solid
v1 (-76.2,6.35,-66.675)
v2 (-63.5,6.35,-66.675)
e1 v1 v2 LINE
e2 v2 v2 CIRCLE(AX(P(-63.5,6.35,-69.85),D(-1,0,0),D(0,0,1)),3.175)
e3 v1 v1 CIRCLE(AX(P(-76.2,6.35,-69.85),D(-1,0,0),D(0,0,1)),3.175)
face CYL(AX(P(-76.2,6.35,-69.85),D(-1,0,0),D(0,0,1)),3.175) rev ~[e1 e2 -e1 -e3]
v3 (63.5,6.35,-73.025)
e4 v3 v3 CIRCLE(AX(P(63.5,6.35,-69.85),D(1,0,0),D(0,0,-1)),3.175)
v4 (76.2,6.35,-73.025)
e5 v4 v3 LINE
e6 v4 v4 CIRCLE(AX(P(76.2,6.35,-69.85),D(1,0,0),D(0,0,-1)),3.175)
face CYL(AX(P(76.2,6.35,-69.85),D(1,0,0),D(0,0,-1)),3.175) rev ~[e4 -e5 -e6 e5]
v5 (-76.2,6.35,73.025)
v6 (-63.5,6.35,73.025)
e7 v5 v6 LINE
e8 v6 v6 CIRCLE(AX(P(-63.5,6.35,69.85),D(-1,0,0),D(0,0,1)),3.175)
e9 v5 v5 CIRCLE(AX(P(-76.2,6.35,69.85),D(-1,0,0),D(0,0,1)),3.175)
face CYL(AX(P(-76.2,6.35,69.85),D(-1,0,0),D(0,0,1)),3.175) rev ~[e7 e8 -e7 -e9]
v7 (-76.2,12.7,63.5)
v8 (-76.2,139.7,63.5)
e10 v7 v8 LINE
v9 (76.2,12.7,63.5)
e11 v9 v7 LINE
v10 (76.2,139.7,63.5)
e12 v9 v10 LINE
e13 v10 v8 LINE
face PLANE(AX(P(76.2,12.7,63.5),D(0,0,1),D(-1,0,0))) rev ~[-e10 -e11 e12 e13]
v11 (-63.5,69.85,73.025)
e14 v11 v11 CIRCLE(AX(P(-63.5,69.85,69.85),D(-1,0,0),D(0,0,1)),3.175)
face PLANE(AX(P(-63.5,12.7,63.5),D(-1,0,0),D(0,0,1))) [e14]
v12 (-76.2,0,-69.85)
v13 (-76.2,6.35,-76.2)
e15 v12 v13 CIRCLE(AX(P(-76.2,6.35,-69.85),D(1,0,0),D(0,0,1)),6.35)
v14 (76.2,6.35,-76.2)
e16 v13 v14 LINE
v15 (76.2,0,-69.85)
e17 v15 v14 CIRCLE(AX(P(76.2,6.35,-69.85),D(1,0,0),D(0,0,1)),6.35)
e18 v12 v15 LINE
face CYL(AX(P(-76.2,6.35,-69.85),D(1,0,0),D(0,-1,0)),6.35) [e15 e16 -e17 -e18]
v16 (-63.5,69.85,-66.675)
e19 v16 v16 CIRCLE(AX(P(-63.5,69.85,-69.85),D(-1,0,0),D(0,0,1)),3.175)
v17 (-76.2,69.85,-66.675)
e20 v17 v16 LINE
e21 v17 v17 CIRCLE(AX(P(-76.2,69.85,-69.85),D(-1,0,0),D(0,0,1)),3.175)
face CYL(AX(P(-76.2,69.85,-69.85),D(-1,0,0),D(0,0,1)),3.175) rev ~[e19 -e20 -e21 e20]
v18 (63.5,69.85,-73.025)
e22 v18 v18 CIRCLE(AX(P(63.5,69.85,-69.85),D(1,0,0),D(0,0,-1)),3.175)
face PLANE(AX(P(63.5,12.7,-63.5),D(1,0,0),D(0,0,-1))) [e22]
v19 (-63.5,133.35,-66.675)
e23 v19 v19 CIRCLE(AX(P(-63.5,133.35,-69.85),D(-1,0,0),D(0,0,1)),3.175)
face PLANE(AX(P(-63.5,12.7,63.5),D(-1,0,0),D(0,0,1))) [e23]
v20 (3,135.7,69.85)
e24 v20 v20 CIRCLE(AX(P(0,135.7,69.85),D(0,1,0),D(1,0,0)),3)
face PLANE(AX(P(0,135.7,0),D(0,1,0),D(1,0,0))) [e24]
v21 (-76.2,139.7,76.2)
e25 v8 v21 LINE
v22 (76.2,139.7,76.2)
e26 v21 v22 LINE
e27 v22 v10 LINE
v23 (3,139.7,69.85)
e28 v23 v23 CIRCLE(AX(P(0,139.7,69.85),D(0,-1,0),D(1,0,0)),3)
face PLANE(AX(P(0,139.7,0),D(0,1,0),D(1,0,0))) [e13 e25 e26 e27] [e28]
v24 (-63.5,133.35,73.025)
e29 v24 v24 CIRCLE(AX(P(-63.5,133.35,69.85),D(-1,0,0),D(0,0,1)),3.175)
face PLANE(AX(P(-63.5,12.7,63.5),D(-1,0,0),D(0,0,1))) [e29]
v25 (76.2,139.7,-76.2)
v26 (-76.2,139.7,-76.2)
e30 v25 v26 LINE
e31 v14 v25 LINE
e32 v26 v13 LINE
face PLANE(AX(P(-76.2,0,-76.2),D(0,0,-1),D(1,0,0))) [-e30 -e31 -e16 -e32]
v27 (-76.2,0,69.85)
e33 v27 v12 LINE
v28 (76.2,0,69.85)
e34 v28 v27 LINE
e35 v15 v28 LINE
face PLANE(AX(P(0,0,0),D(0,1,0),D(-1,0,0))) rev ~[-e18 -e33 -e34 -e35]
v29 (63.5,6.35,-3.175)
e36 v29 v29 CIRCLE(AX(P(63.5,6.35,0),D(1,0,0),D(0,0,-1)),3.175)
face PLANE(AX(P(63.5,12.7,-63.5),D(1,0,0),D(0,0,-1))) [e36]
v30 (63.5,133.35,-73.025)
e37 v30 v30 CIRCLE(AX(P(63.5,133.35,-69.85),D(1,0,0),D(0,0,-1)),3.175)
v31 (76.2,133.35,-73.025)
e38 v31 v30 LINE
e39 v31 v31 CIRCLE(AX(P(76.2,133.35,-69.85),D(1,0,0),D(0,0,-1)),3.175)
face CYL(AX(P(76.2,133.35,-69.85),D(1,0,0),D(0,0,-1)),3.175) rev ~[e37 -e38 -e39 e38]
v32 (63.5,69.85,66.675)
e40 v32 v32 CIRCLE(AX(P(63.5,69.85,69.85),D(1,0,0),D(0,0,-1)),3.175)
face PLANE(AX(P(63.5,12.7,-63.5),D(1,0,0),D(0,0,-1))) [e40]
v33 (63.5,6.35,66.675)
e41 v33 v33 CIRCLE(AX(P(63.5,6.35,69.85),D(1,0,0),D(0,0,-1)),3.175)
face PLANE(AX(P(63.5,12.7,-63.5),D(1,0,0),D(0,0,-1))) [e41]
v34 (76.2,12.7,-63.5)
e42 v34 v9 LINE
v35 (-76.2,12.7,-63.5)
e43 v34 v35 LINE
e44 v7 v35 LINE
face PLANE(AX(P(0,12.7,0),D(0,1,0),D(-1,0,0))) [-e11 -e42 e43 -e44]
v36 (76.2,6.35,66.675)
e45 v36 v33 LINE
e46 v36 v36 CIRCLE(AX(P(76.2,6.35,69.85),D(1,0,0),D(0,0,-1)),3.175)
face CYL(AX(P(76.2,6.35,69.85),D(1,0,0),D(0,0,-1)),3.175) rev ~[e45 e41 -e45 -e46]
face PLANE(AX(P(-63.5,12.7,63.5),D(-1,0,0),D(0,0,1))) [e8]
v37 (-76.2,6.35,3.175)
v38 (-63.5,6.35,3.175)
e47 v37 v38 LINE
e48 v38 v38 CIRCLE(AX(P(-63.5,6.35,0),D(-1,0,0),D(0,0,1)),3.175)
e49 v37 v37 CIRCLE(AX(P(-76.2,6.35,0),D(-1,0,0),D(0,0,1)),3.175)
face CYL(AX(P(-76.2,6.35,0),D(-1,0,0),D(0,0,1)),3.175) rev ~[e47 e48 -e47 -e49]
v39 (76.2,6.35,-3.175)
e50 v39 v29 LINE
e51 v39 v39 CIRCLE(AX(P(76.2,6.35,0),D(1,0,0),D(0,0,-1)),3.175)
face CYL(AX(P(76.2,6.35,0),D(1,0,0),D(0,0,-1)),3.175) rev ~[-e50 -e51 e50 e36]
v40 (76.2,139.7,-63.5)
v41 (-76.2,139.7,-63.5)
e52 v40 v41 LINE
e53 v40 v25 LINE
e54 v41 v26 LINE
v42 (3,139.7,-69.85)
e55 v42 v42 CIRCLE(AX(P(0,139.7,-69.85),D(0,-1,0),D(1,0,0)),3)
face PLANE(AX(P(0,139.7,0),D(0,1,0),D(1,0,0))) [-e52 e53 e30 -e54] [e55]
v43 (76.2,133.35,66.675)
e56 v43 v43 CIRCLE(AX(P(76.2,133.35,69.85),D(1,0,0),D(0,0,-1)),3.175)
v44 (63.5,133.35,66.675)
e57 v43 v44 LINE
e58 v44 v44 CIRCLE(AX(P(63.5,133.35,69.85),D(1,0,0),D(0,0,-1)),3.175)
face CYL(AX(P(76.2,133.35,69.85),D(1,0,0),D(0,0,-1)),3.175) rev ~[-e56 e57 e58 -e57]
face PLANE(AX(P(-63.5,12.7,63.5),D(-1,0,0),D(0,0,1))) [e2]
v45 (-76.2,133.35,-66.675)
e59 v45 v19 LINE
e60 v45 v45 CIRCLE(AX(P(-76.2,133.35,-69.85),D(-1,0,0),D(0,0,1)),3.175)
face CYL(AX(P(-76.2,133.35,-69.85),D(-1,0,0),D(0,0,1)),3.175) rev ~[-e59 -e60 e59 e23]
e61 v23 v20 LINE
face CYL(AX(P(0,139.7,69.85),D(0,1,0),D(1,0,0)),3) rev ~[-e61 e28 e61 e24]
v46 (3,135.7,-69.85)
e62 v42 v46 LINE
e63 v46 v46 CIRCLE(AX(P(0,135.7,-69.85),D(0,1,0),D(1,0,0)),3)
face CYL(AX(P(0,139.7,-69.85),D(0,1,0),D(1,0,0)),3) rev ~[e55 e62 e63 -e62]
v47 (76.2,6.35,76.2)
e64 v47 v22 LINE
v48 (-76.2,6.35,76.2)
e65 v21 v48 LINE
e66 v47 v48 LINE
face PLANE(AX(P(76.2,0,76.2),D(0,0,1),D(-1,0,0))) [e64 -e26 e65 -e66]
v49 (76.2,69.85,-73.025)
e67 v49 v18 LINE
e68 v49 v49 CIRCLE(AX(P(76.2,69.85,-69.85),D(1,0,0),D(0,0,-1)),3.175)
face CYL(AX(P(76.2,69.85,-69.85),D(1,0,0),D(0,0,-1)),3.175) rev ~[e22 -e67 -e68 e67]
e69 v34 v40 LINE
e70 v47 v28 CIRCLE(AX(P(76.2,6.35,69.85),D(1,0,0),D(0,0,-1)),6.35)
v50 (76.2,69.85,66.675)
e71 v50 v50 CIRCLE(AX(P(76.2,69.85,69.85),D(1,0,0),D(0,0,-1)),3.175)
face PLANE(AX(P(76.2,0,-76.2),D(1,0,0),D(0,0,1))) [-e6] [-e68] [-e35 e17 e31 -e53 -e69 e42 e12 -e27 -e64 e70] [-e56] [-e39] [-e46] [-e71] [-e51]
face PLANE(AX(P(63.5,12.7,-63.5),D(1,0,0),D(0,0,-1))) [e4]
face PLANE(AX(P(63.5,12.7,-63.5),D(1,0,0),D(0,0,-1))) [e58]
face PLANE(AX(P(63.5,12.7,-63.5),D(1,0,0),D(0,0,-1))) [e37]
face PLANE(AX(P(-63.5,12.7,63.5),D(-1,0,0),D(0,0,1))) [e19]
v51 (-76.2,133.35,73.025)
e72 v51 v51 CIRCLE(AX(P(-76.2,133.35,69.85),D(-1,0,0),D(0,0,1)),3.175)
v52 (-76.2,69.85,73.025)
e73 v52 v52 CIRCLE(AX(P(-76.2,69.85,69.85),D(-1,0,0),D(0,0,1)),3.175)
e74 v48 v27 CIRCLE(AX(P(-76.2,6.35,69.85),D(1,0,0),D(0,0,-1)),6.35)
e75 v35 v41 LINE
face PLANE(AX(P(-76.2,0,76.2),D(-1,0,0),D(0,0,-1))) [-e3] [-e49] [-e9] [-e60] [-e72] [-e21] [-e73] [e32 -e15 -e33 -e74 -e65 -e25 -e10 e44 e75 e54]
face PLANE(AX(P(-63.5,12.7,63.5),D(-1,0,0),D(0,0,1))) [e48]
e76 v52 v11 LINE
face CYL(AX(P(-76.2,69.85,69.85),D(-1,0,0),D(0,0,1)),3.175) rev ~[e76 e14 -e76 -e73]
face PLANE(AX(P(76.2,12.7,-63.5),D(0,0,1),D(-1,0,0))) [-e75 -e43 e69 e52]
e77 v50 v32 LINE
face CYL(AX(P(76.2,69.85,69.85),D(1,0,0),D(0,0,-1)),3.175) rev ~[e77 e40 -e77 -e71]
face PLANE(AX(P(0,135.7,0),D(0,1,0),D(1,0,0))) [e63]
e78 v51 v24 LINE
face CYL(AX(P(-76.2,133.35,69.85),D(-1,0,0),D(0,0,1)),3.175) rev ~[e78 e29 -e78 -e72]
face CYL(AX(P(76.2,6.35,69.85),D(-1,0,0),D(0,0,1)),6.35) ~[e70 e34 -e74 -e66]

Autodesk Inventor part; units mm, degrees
ref_plane "YZ Plane" through (0, 0, 0) normal (1, 0, 0) x (0, 1, 0)
ref_plane "XZ Plane" through (0, 0, 0) normal (0, 1, 0) x (-1, 0, 0)
ref_plane "XY Plane" through (0, 0, 0) normal (0, 0, 1) x (1, 0, 0)
sketch "Sketch1" plane through (0, 0, 0) normal (0, 1, 0) x (-1, 0, 0)
  point P0 (0, 0)
sketch "Sketch2" plane through (0, 0, 0) normal (0, 1, 0) x (-1, 0, 0)
  line L0 (-76.2, 76.2) -> (76.2, 76.2)
  line L1 (76.2, 76.2) -> (76.2, -76.2)
  line L2 (76.2, -76.2) -> (-76.2, -76.2)
  line L3 (-76.2, -76.2) -> (-76.2, 76.2)
  line L4 (-76.2, 76.2) -> (76.2, -76.2) construction
  line L5 (76.2, 76.2) -> (-76.2, -76.2) construction
  point P0 (0, 0)
  dimension "d0" = 152.4
  dimension "d1" = 152.4
extrude "Extrusion1" add sketch "Sketch2" along normal blind 12.7
sketch "Sketch3" plane through (0, 12.7, 0) normal (0, 1, 0) x (1, 0, 0)
  line L0 (76.2, 76.2) -> (-76.2, 76.2) projected
  line L1 (76.2, -76.2) -> (76.2, 76.2) projected
  line L2 (-76.2, 76.2) -> (76.2, 76.2)
  line L3 (76.2, 76.2) -> (76.2, 63.5)
  line L4 (76.2, 63.5) -> (-76.2, 63.5)
  line L5 (-76.2, 63.5) -> (-76.2, 76.2)
  line L6 (-76.2, -76.2) -> (76.2, -76.2)
  line L7 (76.2, -76.2) -> (76.2, -63.5)
  line L8 (76.2, -63.5) -> (-76.2, -63.5)
  line L9 (-76.2, -63.5) -> (-76.2, -76.2)
  point P0 (0, 0)
  point P1 (76.2, -76.2)
  dimension "d4" = 12.7
  dimension "d5" = 12.7
  dimension "d15" = 152.4
extrude "Extrusion2" add sketch "Sketch3" along normal blind 127
fillet "Fillet1" radius 6.35 2 edges at (0, 0, 76.2) (0, 0, -76.2)
sketch "Sketch4" plane through (76.2, 12.7, -63.5) normal (1, 0, 0) x (0, 0, -1)
  circle A0 centre (-133.35, 120.65) radius 3.175
  circle A1 centre (-133.35, -6.35) radius 3.175
  circle A2 centre (-133.35, 57.15) radius 3.175
  circle A3 centre (6.35, 120.65) radius 3.175
  circle A4 centre (6.35, -6.35) radius 3.175
  circle A5 centre (6.35, 57.15) radius 3.175
  circle A6 centre (-63.5, -6.35) radius 3.175
  point P0 (-63.5, -12.7)
  dimension "d9" = 127
extrude "Extrusion3" cut sketch "Sketch4" against normal blind 12.7
sketch "Sketch5" plane through (-76.2, 12.7, 63.5) normal (-1, 0, 0) x (0, 0, 1)
  circle A0 centre (-133.35, 120.65) radius 3.175 projected
  circle A1 centre (-133.35, 120.65) radius 3.175
  circle A2 centre (-133.35, 57.15) radius 3.175 projected
  circle A3 centre (-133.35, 57.15) radius 3.175
  circle A4 centre (-133.35, -6.35) radius 3.175 projected
  circle A5 centre (-133.35, -6.35) radius 3.175
  circle A6 centre (-63.5, -6.35) radius 3.175 projected
  circle A7 centre (-63.5, -6.35) radius 3.175
  circle A8 centre (6.35, -6.35) radius 3.175 projected
  circle A9 centre (6.35, -6.35) radius 3.175
  circle A10 centre (6.35, 57.15) radius 3.175 projected
  circle A11 centre (6.35, 57.15) radius 3.175
  circle A12 centre (6.35, 120.65) radius 3.175 projected
  circle A13 centre (6.35, 120.65) radius 3.175
  line L0 (6.35, -12.7) -> (-133.35, -12.7) projected
  point P0 (-63.5, -12.7)
  dimension "d20" = 69.85
sketch "Sketch6" plane through (0, 139.7, 0) normal (0, 1, 0) x (1, 0, 0)
  line L0 (76.2, 69.85) -> (-76.2, 69.85) projected
  circle A0 centre (0, 69.85) radius 3
  line L1 (-76.2, -69.85) -> (76.2, -69.85) projected
  circle A1 centre (0, -69.85) radius 3
  point P0 (0, 0)
  dimension "d16" = 6
  dimension "d17" = 6
extrude "Extrusion5" cut sketch "Sketch6" against normal blind 4
extrude "Extrusion6" cut sketch "Sketch5" against normal blind 12.7
properties part number "Fuselage_Body_Piece"
